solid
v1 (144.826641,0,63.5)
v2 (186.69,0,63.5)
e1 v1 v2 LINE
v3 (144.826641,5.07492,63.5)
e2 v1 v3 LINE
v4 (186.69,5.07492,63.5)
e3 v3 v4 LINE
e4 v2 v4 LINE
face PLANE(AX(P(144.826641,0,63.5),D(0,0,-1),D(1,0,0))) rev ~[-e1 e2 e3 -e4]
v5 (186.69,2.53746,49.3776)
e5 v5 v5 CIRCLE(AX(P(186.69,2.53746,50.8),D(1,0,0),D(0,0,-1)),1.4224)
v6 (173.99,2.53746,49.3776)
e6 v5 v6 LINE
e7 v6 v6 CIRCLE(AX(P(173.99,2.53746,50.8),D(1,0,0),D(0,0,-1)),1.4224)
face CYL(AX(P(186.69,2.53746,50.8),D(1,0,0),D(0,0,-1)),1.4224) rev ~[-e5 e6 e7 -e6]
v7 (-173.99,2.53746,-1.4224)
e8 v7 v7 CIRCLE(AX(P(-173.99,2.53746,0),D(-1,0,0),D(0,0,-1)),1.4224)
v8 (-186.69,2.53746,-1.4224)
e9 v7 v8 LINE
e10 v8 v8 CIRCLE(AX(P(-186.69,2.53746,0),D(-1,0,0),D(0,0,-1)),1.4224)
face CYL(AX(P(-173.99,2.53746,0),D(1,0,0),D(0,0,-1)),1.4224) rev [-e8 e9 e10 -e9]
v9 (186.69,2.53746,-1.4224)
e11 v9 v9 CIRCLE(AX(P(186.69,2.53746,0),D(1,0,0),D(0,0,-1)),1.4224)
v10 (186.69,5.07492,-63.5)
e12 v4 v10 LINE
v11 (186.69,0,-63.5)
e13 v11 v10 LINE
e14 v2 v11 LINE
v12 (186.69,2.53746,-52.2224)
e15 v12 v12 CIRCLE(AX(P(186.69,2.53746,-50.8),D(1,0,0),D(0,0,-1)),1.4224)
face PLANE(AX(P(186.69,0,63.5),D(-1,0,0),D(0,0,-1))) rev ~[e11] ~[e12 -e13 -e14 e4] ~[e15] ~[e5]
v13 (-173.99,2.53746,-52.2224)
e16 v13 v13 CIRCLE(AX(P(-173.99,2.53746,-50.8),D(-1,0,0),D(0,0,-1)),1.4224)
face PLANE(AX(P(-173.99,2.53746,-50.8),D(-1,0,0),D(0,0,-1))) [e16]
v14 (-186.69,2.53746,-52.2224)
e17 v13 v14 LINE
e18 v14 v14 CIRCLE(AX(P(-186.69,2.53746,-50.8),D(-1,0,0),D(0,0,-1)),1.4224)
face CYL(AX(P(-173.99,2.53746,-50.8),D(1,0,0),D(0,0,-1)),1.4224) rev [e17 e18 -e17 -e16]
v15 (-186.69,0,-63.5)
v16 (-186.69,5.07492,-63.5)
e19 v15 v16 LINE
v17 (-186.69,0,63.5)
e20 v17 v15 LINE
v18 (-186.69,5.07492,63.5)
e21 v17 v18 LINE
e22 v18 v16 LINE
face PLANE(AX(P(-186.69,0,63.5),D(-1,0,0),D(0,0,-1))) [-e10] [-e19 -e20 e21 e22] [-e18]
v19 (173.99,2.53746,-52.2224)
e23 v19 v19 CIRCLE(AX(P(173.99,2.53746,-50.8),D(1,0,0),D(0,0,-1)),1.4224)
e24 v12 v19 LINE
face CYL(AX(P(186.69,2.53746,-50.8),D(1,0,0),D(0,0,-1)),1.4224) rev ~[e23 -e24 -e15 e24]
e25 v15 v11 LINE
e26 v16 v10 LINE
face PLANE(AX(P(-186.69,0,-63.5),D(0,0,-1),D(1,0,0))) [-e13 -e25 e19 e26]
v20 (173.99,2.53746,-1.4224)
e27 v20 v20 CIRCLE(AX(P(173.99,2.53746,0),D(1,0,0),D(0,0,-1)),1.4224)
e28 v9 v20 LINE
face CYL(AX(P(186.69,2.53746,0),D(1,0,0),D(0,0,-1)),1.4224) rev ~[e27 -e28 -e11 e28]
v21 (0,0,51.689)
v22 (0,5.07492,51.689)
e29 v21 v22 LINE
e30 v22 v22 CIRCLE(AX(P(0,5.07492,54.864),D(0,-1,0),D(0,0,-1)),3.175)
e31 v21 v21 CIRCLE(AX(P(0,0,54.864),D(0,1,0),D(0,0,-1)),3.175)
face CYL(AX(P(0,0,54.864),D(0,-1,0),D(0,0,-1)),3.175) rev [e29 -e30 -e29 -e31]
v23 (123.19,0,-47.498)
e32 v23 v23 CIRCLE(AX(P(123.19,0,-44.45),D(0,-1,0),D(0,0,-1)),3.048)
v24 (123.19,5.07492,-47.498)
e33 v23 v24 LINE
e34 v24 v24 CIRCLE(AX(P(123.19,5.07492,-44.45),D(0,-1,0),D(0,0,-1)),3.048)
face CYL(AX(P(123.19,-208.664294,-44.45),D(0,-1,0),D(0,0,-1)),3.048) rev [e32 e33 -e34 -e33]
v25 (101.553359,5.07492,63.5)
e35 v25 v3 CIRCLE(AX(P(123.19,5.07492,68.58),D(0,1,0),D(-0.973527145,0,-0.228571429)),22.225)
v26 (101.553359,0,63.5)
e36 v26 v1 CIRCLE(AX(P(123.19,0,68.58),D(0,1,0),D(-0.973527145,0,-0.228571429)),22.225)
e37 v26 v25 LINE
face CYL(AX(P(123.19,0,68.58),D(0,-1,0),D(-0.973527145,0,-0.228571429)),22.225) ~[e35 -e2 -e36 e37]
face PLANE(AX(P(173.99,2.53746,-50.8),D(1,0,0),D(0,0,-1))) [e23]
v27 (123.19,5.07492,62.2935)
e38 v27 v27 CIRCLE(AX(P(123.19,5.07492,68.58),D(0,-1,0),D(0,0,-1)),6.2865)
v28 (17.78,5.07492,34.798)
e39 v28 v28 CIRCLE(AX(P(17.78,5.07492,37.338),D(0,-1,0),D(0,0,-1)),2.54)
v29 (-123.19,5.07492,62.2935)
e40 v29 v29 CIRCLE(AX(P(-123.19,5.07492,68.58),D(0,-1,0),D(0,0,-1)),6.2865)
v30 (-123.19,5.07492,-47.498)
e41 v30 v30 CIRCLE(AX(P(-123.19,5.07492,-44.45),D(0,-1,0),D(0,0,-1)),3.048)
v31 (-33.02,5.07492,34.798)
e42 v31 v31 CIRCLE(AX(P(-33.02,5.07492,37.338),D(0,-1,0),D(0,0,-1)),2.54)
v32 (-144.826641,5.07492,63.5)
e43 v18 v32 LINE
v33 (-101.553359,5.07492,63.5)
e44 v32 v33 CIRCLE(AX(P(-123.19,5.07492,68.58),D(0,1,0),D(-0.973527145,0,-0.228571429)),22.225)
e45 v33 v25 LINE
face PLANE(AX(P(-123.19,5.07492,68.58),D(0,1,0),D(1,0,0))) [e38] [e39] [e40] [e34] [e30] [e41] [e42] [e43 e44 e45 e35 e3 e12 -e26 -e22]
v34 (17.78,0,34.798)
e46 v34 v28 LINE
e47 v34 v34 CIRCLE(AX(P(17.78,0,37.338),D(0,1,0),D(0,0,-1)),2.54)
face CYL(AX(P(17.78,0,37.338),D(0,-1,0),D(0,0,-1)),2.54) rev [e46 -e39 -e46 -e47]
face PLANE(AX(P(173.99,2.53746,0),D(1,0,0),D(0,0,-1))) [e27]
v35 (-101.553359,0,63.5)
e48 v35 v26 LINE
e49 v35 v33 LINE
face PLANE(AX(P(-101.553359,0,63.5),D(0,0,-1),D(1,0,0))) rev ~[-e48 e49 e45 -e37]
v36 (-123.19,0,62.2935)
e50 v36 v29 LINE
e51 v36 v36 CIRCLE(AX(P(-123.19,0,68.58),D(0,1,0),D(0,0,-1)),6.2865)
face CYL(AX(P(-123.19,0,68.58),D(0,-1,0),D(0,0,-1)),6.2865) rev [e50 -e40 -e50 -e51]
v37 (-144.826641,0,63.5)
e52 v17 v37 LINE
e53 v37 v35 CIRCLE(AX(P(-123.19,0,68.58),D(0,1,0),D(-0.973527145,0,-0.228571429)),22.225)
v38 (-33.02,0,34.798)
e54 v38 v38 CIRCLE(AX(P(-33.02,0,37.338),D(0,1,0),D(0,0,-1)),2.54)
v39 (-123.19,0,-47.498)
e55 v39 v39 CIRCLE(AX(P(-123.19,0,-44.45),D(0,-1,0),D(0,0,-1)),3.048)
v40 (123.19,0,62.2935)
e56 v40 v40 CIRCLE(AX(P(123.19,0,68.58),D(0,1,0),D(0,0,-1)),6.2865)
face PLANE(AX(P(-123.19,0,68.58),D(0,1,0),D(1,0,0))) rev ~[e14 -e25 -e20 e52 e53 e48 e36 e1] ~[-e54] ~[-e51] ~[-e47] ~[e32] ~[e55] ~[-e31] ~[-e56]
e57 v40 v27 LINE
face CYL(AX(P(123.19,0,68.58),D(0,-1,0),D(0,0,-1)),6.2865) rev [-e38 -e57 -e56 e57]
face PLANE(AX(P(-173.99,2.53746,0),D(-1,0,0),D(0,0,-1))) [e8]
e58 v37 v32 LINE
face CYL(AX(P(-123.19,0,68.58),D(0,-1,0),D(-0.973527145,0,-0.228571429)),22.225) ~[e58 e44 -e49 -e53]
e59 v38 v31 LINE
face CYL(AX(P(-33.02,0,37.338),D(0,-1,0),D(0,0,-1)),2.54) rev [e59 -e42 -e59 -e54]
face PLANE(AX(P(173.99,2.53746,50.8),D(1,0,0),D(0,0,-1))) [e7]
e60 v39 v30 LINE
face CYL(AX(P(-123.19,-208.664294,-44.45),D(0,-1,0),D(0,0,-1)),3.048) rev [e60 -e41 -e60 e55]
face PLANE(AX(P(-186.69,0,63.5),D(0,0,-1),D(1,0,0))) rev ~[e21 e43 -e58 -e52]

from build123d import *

# Parameters (mm, degrees)
BOSS_EXTRUDE1_DEPTH     = 5.07492
SKETCH1_5_R             = 6.2865
CUT_EXTRUDE1_DEPTH      = 208.664293845
CUT_EXTRUDE2_DEPTH      = 208.664293845
CUT_EXTRUDE2_DEPTH_BACK = 208.664293845
SKETCH1_7_R             = 3.048
SKETCH1_8_R             = 2.54
SKETCH1_8_R_2           = 3.175
CUT_EXTRUDE3_DEPTH      = 208.664293845
SKETCH2_R               = 1.4224
CUT_EXTRUDE4_DEPTH      = 12.7
CUT_EXTRUDE5_START      = -12.7
SKETCH3_R               = 1.4224
CUT_EXTRUDE5_DEPTH      = 12.7


with BuildPart() as part:
    # Sketch1 → Boss-Extrude1 (new body)
    with BuildSketch(Plane(origin=(0, 0, 0), x_dir=(1, 0, 0), z_dir=(0, 1, 0))):
        with BuildLine():
            Line((-186.69, 63.5), (-186.69, -63.5))
            Line((-186.69, -63.5), (-144.826640797, -63.5))
            ThreePointArc((-144.826640797, -63.5), (-123.19, -90.805), (-101.553359203, -63.5))
            Line((-101.553359203, -63.5), (101.553359203, -63.5))
            ThreePointArc((101.553359203, -63.5), (123.19, -90.805), (144.826640797, -63.5))
            Line((144.826640797, -63.5), (186.69, -63.5))
            Line((186.69, -63.5), (186.69, 63.5))
            Line((186.69, 63.5), (-186.69, 63.5))
        make_face()
    extrude(amount=BOSS_EXTRUDE1_DEPTH)

    # Sketch1<5> → Cut-Extrude1 (cut, through all)
    with BuildSketch(Plane(origin=(0, 0, 0), x_dir=(1, 0, 0), z_dir=(0, 1, 0))):
        with Locations((-123.19, -68.58)):
            Circle(SKETCH1_5_R)
        with Locations((123.19, -68.58)):
            Circle(SKETCH1_5_R)
    extrude(amount=CUT_EXTRUDE1_DEPTH, mode=Mode.SUBTRACT)

    # Sketch1<7> → Cut-Extrude2 (cut, two sides: drawn at the far end of the back side and taken through both)
    with BuildSketch(Plane(origin=(0, 0, 0), x_dir=(1, 0, 0), z_dir=(0, 1, 0)).offset(-CUT_EXTRUDE2_DEPTH_BACK)):
        with Locations((-123.19, 44.45)):
            Circle(SKETCH1_7_R)
        with Locations((123.19, 44.45)):
            Circle(SKETCH1_7_R)
    extrude(amount=CUT_EXTRUDE2_DEPTH + CUT_EXTRUDE2_DEPTH_BACK, mode=Mode.SUBTRACT)

    # Sketch1<8> → Cut-Extrude3 (cut, through all)
    with BuildSketch(Plane(origin=(0, 0, 0), x_dir=(1, 0, 0), z_dir=(0, 1, 0))):
        with Locations((-33.02, -37.338)):
            Circle(SKETCH1_8_R)
        with Locations((17.78, -37.338)):
            Circle(SKETCH1_8_R)
        with Locations((0, -54.864)):
            Circle(SKETCH1_8_R_2)
    extrude(amount=CUT_EXTRUDE3_DEPTH, mode=Mode.SUBTRACT)

    # Sketch2 → Cut-Extrude4 (cut)
    with BuildSketch(Plane(origin=(186.69, 0, 0), x_dir=(0, 0, -1), z_dir=(1, 0, 0))):
        with Locations((0, 2.53746)):
            Circle(SKETCH2_R)
        with Locations((-50.8, 2.53746)):
            Circle(SKETCH2_R)
        with Locations((50.8, 2.53746)):
            Circle(SKETCH2_R)
    extrude(amount=-CUT_EXTRUDE4_DEPTH, mode=Mode.SUBTRACT)

    # Sketch3 → Cut-Extrude5 (cut)
    with BuildSketch(Plane.ZY.offset(186.69).offset(CUT_EXTRUDE5_START)):
        with Locations((-50.8, 2.53746)):
            Circle(SKETCH3_R)
        with Locations((0, 2.53746)):
            Circle(SKETCH3_R)
    extrude(amount=CUT_EXTRUDE5_DEPTH, mode=Mode.SUBTRACT)


solid = part.part
